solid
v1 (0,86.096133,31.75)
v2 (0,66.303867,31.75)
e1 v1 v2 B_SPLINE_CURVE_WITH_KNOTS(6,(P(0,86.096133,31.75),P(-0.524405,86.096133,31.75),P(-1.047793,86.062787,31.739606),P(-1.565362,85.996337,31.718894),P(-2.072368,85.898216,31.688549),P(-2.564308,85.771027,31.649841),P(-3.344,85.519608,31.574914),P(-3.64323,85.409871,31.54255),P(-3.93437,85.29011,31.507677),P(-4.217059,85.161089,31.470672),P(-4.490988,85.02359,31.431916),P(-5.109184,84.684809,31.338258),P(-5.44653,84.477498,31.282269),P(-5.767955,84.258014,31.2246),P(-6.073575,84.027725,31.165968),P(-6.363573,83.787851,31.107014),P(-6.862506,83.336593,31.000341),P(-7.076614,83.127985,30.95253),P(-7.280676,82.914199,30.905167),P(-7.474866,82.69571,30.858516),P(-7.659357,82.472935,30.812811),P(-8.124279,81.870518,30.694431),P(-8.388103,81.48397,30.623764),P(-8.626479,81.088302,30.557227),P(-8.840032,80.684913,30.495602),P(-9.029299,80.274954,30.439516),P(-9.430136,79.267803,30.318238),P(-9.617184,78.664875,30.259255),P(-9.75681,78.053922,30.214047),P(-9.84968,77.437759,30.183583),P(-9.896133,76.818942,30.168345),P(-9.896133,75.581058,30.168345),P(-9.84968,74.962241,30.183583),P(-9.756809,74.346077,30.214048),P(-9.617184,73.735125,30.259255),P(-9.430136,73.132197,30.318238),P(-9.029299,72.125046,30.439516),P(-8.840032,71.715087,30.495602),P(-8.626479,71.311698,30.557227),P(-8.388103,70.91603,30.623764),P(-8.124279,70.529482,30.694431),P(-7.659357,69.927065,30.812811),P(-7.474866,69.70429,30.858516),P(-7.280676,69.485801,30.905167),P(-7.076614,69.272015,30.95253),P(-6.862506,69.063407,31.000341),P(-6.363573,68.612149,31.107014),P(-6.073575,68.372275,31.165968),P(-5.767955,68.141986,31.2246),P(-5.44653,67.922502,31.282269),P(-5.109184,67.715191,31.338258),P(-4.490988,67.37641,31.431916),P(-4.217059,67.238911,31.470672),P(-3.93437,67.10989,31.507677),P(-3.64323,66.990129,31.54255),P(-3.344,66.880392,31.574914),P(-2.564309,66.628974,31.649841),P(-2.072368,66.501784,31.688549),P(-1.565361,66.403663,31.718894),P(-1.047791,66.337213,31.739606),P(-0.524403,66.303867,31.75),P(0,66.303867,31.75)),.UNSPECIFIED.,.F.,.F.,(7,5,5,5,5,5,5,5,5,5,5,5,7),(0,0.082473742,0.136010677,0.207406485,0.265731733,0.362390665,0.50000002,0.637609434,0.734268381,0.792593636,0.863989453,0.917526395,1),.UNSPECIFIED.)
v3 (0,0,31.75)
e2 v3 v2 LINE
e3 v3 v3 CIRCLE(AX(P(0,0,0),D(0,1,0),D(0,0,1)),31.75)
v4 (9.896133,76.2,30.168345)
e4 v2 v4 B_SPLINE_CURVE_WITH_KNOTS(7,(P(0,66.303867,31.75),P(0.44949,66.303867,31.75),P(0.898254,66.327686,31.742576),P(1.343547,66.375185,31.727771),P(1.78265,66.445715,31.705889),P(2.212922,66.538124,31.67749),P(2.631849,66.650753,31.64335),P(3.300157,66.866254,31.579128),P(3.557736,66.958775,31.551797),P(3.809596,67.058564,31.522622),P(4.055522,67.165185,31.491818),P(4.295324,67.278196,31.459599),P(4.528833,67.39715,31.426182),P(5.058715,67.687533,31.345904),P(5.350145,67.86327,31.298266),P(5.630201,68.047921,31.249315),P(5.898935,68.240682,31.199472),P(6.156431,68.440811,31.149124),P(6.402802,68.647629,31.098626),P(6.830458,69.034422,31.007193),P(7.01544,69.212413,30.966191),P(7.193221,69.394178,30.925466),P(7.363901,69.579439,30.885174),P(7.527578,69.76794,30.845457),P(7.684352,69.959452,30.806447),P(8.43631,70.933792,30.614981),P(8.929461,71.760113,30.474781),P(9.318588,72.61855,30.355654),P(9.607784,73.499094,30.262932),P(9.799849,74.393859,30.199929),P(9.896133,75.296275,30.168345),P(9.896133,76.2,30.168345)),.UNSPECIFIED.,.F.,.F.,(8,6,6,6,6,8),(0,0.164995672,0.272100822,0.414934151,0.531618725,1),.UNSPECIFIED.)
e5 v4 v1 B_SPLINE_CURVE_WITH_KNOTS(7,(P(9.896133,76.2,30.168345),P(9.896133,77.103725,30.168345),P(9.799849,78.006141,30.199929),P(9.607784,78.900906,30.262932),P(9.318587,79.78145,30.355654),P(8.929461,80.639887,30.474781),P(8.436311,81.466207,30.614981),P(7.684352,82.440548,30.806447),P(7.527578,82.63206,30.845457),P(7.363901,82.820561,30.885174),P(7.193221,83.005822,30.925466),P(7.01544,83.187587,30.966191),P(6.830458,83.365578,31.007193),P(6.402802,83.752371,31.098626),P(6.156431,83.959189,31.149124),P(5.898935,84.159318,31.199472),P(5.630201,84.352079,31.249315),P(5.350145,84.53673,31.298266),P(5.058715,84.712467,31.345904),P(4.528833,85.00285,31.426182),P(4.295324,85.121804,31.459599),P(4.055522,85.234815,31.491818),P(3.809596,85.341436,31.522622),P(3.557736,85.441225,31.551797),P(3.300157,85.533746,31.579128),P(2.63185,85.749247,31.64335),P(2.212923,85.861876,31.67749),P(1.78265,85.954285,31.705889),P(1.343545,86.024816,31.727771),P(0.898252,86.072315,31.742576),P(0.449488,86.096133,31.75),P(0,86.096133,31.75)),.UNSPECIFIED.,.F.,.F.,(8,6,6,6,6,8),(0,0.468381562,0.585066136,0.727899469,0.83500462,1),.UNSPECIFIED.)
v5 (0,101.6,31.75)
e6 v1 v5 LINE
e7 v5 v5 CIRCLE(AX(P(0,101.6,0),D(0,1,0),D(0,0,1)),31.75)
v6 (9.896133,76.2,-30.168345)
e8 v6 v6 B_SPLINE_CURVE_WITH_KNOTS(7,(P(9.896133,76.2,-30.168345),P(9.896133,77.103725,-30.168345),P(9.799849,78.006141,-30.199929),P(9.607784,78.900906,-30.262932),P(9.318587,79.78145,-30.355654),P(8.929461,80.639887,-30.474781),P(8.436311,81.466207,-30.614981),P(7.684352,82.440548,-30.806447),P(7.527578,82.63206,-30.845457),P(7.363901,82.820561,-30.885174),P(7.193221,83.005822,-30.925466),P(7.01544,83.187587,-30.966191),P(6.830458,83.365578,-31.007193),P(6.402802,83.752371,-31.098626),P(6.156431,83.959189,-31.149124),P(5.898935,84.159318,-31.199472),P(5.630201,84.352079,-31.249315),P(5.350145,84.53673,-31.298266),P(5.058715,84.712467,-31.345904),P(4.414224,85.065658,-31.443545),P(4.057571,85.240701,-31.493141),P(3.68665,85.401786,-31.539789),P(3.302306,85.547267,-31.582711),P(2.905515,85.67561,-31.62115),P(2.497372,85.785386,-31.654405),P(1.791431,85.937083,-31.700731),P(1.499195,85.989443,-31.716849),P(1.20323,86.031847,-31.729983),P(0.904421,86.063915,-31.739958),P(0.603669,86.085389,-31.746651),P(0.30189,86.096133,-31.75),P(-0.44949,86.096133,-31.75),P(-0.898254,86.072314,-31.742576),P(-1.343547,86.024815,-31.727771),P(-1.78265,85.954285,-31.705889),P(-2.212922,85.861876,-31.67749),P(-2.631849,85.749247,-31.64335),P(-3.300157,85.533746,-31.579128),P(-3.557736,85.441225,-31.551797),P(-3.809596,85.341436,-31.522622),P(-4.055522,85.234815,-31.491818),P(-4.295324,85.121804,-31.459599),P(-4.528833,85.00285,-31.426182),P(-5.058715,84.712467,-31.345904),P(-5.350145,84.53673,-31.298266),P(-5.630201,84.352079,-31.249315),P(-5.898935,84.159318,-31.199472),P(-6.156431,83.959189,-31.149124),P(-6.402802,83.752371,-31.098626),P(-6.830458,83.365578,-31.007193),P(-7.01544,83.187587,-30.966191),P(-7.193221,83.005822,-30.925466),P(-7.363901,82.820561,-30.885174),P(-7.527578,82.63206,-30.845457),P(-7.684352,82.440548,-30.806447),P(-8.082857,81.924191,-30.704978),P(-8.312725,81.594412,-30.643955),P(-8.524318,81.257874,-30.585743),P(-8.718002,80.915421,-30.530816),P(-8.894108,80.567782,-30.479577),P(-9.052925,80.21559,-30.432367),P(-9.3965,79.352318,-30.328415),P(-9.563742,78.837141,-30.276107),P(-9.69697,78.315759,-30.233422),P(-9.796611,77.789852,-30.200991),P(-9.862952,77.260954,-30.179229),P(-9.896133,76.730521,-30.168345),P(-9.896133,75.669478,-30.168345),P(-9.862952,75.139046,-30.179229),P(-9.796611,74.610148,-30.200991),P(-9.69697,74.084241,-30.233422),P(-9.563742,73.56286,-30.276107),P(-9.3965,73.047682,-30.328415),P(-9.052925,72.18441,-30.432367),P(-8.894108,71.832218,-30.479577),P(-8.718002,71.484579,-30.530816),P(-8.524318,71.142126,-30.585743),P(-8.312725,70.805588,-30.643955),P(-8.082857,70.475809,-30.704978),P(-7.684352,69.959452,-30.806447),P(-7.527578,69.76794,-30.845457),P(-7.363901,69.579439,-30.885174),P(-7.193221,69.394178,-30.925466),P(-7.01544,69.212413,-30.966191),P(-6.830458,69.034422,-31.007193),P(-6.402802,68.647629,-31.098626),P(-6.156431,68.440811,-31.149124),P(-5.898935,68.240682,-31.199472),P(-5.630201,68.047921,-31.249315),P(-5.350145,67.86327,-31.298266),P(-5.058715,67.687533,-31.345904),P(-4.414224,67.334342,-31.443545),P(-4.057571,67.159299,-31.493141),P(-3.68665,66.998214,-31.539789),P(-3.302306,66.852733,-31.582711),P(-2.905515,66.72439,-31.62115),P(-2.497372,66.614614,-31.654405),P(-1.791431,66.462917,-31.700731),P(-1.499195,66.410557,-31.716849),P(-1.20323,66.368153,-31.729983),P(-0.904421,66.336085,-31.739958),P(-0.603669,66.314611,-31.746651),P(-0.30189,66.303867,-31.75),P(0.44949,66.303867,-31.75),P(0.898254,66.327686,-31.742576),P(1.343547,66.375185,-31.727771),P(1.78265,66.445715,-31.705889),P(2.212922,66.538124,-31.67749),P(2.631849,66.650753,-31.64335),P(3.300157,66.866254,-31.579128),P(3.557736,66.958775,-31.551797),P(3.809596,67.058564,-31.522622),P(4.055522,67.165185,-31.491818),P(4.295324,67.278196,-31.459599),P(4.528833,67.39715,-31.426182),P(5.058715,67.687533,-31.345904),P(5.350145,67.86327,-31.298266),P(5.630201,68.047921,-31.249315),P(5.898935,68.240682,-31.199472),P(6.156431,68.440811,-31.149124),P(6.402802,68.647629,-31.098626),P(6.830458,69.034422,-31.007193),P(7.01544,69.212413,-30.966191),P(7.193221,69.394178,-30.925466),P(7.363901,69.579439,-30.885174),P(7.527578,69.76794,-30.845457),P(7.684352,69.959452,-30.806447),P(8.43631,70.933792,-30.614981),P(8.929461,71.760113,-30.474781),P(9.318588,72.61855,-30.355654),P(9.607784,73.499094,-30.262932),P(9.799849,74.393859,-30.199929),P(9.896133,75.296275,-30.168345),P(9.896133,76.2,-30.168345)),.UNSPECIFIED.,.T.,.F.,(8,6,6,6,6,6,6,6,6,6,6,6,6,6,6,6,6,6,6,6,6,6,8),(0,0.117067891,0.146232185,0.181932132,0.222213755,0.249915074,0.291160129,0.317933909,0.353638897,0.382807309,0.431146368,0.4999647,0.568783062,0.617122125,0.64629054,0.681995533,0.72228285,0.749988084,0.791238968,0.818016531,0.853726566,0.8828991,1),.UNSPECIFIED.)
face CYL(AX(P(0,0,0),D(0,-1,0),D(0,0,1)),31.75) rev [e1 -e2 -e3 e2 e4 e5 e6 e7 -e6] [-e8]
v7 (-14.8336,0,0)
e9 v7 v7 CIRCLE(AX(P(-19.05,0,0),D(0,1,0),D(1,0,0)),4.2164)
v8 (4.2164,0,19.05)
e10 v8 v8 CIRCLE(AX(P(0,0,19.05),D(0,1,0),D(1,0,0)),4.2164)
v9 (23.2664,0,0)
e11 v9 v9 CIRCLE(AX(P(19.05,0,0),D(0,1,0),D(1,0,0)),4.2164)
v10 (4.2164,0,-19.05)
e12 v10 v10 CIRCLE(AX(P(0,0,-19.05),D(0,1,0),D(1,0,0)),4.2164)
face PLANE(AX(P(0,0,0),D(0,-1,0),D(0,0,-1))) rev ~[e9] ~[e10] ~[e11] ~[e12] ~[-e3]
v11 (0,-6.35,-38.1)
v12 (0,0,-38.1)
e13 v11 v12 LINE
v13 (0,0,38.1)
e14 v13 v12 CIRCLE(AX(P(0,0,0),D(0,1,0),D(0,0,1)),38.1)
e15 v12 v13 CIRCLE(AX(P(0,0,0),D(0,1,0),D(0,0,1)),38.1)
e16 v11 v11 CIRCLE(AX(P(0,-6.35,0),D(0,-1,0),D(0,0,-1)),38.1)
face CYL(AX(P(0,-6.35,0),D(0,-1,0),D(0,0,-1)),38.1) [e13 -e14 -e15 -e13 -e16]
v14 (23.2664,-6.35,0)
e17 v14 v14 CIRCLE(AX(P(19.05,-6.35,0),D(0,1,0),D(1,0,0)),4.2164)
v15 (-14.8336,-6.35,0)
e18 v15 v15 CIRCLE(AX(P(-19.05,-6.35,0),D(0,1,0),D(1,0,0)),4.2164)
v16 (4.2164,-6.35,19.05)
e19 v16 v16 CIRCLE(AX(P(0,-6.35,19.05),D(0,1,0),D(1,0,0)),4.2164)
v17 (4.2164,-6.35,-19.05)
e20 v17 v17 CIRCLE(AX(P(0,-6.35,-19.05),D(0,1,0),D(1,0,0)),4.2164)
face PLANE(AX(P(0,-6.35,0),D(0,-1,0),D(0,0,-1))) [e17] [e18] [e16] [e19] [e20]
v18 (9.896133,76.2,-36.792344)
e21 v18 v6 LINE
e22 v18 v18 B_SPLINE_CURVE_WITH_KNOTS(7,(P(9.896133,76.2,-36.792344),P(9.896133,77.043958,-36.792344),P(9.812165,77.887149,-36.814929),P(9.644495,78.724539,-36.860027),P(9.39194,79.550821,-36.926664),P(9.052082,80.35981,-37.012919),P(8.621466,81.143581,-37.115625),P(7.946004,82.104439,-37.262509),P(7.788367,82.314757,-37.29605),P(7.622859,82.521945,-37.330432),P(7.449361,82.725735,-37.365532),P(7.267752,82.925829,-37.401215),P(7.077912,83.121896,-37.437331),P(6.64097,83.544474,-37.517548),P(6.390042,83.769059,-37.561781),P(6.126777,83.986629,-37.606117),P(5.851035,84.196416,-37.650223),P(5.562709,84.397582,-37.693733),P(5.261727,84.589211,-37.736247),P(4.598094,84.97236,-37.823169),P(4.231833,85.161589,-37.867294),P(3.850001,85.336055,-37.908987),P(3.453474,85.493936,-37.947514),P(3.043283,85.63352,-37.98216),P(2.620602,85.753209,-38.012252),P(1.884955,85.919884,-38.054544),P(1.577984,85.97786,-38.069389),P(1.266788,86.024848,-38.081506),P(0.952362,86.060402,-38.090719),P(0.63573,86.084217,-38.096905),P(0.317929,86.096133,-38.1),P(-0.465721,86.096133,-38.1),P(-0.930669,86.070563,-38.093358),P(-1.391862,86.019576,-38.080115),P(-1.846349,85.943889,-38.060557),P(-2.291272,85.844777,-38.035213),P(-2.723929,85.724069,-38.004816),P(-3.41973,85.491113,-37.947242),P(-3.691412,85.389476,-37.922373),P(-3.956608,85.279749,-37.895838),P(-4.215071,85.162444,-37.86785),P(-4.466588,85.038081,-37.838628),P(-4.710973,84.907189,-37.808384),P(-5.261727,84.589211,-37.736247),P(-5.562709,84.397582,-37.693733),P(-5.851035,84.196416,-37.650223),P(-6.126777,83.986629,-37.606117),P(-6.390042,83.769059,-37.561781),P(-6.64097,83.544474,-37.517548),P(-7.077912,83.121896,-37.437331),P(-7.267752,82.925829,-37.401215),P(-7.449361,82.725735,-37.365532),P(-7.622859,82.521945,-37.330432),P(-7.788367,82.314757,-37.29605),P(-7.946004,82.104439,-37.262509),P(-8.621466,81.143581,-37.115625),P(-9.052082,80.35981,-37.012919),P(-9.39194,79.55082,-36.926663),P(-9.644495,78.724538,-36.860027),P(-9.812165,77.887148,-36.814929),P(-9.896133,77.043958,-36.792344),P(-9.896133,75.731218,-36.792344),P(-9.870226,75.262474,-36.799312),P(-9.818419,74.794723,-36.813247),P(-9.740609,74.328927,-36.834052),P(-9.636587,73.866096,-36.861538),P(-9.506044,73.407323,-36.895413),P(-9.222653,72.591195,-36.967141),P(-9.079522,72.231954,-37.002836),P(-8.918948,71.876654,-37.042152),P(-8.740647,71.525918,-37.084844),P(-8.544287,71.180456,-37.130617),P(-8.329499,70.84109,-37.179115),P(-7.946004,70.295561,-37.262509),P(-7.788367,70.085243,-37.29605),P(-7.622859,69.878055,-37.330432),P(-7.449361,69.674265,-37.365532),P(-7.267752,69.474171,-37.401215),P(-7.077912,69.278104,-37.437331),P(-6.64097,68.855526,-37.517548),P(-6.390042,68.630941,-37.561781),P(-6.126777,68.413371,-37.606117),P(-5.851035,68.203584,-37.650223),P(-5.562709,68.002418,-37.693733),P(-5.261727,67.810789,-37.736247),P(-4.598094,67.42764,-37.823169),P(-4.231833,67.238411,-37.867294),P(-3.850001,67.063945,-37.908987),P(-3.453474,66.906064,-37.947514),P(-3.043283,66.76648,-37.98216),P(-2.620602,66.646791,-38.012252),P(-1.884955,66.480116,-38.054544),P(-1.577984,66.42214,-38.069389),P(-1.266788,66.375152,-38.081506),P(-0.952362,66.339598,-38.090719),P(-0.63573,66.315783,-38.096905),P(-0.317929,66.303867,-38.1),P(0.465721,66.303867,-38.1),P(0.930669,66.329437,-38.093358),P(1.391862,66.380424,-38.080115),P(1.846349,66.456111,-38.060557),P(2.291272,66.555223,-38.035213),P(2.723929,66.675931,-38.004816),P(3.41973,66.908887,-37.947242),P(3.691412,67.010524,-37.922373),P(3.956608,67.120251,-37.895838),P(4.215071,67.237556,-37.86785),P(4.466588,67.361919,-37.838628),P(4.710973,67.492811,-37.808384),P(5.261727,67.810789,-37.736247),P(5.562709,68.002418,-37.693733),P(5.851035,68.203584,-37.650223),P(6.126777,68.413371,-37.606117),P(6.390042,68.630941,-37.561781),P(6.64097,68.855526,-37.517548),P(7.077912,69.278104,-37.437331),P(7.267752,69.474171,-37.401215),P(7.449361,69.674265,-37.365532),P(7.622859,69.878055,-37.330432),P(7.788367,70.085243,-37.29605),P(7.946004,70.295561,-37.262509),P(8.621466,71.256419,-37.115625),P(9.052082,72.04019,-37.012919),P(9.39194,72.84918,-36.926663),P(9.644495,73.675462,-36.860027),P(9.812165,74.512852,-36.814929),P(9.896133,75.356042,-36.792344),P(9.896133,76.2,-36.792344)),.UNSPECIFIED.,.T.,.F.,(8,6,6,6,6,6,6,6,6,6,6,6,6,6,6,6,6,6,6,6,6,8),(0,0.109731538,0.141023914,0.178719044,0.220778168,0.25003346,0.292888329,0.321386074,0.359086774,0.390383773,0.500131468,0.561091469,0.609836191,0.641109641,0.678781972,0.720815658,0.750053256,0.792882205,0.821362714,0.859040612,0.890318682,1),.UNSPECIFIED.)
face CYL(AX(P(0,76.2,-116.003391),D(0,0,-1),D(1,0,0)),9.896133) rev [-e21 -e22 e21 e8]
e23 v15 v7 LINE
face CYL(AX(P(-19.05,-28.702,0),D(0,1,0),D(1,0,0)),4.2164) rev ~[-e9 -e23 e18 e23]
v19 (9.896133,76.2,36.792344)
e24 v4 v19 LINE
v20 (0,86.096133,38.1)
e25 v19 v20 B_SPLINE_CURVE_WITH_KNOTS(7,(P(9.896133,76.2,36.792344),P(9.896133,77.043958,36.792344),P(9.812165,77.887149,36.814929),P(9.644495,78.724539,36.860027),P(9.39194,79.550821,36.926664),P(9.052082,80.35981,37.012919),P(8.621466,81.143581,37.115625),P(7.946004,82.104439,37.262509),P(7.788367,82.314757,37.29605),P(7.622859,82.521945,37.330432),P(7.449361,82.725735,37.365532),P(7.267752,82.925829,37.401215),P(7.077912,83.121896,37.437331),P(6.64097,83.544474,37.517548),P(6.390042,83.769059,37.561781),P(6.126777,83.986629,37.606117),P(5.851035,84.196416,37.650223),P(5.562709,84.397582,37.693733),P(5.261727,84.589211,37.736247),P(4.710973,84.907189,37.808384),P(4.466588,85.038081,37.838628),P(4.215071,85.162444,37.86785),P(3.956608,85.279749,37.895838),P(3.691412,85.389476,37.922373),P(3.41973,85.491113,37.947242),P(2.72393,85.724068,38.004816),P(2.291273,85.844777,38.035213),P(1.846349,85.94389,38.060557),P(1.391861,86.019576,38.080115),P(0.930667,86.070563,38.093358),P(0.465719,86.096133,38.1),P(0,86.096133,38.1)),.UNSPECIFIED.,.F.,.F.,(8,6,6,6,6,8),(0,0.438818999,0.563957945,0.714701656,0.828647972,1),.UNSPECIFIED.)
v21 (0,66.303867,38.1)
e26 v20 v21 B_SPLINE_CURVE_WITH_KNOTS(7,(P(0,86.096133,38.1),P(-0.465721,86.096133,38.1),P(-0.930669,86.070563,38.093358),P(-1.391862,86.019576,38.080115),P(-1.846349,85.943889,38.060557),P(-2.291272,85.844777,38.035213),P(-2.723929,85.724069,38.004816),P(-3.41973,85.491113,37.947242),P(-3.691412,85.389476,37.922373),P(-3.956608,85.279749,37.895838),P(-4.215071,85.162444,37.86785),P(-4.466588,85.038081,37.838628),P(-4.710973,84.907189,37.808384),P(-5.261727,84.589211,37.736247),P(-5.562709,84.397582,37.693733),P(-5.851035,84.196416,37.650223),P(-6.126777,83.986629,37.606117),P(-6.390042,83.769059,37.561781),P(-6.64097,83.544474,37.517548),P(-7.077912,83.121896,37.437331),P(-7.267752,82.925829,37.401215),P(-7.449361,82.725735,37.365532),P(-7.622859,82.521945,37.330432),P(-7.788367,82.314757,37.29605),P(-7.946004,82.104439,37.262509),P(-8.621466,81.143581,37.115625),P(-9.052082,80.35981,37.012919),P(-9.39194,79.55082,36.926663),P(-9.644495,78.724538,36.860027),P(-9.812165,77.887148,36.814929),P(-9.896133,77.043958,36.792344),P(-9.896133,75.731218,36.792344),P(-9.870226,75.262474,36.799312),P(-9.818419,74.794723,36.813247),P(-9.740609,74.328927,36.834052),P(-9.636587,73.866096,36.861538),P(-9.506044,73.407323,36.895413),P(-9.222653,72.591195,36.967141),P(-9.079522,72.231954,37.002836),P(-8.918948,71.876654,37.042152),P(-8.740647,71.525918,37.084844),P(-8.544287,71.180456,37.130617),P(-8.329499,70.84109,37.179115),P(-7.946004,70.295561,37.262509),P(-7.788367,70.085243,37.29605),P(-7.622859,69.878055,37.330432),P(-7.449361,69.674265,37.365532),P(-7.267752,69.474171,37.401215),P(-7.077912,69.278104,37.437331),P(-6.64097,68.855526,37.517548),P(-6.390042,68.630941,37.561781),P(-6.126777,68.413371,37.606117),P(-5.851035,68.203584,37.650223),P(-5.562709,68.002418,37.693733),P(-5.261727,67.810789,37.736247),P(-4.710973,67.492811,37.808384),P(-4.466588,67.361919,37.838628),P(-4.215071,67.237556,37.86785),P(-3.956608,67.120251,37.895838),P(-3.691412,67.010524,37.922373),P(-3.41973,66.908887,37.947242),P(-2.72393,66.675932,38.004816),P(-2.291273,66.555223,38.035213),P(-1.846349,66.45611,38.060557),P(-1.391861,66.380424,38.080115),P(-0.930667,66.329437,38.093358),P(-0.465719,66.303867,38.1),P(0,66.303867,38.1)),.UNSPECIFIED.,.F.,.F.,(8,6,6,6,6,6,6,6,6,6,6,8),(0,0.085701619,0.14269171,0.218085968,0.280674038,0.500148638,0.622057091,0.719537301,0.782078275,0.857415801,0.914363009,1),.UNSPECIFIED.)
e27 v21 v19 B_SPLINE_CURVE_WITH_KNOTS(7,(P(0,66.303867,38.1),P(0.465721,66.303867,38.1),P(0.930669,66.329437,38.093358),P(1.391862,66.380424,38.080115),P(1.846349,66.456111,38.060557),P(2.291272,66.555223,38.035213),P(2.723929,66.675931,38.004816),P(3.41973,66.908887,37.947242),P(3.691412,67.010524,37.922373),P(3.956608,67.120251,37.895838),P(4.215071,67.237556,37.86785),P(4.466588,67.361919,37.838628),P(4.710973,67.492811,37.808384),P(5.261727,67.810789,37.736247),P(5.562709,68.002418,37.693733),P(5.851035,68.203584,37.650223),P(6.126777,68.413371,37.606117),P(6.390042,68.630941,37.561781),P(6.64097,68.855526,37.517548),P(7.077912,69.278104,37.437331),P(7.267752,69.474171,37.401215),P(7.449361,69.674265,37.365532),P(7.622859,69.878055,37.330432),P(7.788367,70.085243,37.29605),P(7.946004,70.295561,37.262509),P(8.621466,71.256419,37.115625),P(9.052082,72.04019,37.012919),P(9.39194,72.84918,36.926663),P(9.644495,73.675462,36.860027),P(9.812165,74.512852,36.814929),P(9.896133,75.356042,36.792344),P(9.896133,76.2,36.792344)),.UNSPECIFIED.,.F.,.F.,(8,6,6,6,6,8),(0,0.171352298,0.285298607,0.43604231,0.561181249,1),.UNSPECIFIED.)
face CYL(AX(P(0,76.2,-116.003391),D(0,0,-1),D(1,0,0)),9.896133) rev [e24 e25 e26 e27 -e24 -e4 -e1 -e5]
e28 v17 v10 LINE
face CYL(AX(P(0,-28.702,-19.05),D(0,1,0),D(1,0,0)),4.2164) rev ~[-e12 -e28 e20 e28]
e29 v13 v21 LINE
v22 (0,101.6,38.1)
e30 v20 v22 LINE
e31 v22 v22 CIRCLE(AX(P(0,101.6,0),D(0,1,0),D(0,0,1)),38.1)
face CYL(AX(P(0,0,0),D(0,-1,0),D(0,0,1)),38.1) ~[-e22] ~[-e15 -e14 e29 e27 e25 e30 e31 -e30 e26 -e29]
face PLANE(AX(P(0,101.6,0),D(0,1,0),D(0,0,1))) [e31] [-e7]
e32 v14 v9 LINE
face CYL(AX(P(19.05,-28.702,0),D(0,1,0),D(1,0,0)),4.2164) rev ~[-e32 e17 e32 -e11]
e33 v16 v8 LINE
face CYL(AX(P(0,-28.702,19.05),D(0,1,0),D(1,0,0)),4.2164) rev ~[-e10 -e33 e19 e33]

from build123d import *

# Parameters (mm, degrees)
SKETCH1_R                   = 38.1
SKETCH1_R_2                 = 31.75
BOSS_EXTRUDE1_DEPTH         = 101.6
BOSS_EXTRUDE2_START         = 6.35
SKETCH2_R                   = 38.1
BOSS_EXTRUDE2_DEPTH         = 6.35
F_3_8_24_TAPPED_HOLE1_D     = 8.4328
F_3_8_24_TAPPED_HOLE1_DEPTH = 22.352
F_3_8_24_TAPPED_HOLE1_TIP   = 2.533468714
CUT_EXTRUDE1_DEPTH          = 116.003391254
CUT_EXTRUDE1_DEPTH_BACK     = 116.003391254
SKETCH8_R                   = 9.896133373


with BuildPart() as part:
    # Sketch1 → Boss-Extrude1 (new body)
    with BuildSketch(Plane(origin=(0, 0, 0), x_dir=(1, 0, 0), z_dir=(0, 1, 0))):
        with Locations(Location((0, 0, 0), (0, 0, 270))):
            Circle(SKETCH1_R)
        with Locations(Location((0, 0, 0), (0, 0, 270))):
            Circle(SKETCH1_R_2, mode=Mode.SUBTRACT)
    extrude(amount=BOSS_EXTRUDE1_DEPTH)

    # Sketch2 → Boss-Extrude2 (add)
    with BuildSketch(Plane.XZ.offset(BOSS_EXTRUDE2_START)):
        with Locations(Location((0, 0, 0), (0, 0, 270))):
            Circle(SKETCH2_R)
    extrude(amount=-BOSS_EXTRUDE2_DEPTH)

    # 3/8-24 Tapped Hole1
    with Locations(Plane(origin=(0, -6.35, 0), x_dir=(-1, 0, 0), z_dir=(0, -1, 0))):
        with Locations((0, -19.05), (19.05, 0), (0, 19.05), (-19.05, 0)):
            Hole(F_3_8_24_TAPPED_HOLE1_D / 2, depth=F_3_8_24_TAPPED_HOLE1_DEPTH)
            with Locations((0, 0, -(F_3_8_24_TAPPED_HOLE1_DEPTH + F_3_8_24_TAPPED_HOLE1_TIP / 2))):  # 118° drill point
                Cone(0, F_3_8_24_TAPPED_HOLE1_D / 2, F_3_8_24_TAPPED_HOLE1_TIP, mode=Mode.SUBTRACT)

    # Sketch8 → Cut-Extrude1 (cut, two sides: drawn at the far end of the back side and taken through both)
    with BuildSketch(Plane.XY.offset(-CUT_EXTRUDE1_DEPTH_BACK)):
        with Locations((0, 76.2)):
            Circle(SKETCH8_R)
    extrude(amount=CUT_EXTRUDE1_DEPTH + CUT_EXTRUDE1_DEPTH_BACK, mode=Mode.SUBTRACT)


solid = part.part
